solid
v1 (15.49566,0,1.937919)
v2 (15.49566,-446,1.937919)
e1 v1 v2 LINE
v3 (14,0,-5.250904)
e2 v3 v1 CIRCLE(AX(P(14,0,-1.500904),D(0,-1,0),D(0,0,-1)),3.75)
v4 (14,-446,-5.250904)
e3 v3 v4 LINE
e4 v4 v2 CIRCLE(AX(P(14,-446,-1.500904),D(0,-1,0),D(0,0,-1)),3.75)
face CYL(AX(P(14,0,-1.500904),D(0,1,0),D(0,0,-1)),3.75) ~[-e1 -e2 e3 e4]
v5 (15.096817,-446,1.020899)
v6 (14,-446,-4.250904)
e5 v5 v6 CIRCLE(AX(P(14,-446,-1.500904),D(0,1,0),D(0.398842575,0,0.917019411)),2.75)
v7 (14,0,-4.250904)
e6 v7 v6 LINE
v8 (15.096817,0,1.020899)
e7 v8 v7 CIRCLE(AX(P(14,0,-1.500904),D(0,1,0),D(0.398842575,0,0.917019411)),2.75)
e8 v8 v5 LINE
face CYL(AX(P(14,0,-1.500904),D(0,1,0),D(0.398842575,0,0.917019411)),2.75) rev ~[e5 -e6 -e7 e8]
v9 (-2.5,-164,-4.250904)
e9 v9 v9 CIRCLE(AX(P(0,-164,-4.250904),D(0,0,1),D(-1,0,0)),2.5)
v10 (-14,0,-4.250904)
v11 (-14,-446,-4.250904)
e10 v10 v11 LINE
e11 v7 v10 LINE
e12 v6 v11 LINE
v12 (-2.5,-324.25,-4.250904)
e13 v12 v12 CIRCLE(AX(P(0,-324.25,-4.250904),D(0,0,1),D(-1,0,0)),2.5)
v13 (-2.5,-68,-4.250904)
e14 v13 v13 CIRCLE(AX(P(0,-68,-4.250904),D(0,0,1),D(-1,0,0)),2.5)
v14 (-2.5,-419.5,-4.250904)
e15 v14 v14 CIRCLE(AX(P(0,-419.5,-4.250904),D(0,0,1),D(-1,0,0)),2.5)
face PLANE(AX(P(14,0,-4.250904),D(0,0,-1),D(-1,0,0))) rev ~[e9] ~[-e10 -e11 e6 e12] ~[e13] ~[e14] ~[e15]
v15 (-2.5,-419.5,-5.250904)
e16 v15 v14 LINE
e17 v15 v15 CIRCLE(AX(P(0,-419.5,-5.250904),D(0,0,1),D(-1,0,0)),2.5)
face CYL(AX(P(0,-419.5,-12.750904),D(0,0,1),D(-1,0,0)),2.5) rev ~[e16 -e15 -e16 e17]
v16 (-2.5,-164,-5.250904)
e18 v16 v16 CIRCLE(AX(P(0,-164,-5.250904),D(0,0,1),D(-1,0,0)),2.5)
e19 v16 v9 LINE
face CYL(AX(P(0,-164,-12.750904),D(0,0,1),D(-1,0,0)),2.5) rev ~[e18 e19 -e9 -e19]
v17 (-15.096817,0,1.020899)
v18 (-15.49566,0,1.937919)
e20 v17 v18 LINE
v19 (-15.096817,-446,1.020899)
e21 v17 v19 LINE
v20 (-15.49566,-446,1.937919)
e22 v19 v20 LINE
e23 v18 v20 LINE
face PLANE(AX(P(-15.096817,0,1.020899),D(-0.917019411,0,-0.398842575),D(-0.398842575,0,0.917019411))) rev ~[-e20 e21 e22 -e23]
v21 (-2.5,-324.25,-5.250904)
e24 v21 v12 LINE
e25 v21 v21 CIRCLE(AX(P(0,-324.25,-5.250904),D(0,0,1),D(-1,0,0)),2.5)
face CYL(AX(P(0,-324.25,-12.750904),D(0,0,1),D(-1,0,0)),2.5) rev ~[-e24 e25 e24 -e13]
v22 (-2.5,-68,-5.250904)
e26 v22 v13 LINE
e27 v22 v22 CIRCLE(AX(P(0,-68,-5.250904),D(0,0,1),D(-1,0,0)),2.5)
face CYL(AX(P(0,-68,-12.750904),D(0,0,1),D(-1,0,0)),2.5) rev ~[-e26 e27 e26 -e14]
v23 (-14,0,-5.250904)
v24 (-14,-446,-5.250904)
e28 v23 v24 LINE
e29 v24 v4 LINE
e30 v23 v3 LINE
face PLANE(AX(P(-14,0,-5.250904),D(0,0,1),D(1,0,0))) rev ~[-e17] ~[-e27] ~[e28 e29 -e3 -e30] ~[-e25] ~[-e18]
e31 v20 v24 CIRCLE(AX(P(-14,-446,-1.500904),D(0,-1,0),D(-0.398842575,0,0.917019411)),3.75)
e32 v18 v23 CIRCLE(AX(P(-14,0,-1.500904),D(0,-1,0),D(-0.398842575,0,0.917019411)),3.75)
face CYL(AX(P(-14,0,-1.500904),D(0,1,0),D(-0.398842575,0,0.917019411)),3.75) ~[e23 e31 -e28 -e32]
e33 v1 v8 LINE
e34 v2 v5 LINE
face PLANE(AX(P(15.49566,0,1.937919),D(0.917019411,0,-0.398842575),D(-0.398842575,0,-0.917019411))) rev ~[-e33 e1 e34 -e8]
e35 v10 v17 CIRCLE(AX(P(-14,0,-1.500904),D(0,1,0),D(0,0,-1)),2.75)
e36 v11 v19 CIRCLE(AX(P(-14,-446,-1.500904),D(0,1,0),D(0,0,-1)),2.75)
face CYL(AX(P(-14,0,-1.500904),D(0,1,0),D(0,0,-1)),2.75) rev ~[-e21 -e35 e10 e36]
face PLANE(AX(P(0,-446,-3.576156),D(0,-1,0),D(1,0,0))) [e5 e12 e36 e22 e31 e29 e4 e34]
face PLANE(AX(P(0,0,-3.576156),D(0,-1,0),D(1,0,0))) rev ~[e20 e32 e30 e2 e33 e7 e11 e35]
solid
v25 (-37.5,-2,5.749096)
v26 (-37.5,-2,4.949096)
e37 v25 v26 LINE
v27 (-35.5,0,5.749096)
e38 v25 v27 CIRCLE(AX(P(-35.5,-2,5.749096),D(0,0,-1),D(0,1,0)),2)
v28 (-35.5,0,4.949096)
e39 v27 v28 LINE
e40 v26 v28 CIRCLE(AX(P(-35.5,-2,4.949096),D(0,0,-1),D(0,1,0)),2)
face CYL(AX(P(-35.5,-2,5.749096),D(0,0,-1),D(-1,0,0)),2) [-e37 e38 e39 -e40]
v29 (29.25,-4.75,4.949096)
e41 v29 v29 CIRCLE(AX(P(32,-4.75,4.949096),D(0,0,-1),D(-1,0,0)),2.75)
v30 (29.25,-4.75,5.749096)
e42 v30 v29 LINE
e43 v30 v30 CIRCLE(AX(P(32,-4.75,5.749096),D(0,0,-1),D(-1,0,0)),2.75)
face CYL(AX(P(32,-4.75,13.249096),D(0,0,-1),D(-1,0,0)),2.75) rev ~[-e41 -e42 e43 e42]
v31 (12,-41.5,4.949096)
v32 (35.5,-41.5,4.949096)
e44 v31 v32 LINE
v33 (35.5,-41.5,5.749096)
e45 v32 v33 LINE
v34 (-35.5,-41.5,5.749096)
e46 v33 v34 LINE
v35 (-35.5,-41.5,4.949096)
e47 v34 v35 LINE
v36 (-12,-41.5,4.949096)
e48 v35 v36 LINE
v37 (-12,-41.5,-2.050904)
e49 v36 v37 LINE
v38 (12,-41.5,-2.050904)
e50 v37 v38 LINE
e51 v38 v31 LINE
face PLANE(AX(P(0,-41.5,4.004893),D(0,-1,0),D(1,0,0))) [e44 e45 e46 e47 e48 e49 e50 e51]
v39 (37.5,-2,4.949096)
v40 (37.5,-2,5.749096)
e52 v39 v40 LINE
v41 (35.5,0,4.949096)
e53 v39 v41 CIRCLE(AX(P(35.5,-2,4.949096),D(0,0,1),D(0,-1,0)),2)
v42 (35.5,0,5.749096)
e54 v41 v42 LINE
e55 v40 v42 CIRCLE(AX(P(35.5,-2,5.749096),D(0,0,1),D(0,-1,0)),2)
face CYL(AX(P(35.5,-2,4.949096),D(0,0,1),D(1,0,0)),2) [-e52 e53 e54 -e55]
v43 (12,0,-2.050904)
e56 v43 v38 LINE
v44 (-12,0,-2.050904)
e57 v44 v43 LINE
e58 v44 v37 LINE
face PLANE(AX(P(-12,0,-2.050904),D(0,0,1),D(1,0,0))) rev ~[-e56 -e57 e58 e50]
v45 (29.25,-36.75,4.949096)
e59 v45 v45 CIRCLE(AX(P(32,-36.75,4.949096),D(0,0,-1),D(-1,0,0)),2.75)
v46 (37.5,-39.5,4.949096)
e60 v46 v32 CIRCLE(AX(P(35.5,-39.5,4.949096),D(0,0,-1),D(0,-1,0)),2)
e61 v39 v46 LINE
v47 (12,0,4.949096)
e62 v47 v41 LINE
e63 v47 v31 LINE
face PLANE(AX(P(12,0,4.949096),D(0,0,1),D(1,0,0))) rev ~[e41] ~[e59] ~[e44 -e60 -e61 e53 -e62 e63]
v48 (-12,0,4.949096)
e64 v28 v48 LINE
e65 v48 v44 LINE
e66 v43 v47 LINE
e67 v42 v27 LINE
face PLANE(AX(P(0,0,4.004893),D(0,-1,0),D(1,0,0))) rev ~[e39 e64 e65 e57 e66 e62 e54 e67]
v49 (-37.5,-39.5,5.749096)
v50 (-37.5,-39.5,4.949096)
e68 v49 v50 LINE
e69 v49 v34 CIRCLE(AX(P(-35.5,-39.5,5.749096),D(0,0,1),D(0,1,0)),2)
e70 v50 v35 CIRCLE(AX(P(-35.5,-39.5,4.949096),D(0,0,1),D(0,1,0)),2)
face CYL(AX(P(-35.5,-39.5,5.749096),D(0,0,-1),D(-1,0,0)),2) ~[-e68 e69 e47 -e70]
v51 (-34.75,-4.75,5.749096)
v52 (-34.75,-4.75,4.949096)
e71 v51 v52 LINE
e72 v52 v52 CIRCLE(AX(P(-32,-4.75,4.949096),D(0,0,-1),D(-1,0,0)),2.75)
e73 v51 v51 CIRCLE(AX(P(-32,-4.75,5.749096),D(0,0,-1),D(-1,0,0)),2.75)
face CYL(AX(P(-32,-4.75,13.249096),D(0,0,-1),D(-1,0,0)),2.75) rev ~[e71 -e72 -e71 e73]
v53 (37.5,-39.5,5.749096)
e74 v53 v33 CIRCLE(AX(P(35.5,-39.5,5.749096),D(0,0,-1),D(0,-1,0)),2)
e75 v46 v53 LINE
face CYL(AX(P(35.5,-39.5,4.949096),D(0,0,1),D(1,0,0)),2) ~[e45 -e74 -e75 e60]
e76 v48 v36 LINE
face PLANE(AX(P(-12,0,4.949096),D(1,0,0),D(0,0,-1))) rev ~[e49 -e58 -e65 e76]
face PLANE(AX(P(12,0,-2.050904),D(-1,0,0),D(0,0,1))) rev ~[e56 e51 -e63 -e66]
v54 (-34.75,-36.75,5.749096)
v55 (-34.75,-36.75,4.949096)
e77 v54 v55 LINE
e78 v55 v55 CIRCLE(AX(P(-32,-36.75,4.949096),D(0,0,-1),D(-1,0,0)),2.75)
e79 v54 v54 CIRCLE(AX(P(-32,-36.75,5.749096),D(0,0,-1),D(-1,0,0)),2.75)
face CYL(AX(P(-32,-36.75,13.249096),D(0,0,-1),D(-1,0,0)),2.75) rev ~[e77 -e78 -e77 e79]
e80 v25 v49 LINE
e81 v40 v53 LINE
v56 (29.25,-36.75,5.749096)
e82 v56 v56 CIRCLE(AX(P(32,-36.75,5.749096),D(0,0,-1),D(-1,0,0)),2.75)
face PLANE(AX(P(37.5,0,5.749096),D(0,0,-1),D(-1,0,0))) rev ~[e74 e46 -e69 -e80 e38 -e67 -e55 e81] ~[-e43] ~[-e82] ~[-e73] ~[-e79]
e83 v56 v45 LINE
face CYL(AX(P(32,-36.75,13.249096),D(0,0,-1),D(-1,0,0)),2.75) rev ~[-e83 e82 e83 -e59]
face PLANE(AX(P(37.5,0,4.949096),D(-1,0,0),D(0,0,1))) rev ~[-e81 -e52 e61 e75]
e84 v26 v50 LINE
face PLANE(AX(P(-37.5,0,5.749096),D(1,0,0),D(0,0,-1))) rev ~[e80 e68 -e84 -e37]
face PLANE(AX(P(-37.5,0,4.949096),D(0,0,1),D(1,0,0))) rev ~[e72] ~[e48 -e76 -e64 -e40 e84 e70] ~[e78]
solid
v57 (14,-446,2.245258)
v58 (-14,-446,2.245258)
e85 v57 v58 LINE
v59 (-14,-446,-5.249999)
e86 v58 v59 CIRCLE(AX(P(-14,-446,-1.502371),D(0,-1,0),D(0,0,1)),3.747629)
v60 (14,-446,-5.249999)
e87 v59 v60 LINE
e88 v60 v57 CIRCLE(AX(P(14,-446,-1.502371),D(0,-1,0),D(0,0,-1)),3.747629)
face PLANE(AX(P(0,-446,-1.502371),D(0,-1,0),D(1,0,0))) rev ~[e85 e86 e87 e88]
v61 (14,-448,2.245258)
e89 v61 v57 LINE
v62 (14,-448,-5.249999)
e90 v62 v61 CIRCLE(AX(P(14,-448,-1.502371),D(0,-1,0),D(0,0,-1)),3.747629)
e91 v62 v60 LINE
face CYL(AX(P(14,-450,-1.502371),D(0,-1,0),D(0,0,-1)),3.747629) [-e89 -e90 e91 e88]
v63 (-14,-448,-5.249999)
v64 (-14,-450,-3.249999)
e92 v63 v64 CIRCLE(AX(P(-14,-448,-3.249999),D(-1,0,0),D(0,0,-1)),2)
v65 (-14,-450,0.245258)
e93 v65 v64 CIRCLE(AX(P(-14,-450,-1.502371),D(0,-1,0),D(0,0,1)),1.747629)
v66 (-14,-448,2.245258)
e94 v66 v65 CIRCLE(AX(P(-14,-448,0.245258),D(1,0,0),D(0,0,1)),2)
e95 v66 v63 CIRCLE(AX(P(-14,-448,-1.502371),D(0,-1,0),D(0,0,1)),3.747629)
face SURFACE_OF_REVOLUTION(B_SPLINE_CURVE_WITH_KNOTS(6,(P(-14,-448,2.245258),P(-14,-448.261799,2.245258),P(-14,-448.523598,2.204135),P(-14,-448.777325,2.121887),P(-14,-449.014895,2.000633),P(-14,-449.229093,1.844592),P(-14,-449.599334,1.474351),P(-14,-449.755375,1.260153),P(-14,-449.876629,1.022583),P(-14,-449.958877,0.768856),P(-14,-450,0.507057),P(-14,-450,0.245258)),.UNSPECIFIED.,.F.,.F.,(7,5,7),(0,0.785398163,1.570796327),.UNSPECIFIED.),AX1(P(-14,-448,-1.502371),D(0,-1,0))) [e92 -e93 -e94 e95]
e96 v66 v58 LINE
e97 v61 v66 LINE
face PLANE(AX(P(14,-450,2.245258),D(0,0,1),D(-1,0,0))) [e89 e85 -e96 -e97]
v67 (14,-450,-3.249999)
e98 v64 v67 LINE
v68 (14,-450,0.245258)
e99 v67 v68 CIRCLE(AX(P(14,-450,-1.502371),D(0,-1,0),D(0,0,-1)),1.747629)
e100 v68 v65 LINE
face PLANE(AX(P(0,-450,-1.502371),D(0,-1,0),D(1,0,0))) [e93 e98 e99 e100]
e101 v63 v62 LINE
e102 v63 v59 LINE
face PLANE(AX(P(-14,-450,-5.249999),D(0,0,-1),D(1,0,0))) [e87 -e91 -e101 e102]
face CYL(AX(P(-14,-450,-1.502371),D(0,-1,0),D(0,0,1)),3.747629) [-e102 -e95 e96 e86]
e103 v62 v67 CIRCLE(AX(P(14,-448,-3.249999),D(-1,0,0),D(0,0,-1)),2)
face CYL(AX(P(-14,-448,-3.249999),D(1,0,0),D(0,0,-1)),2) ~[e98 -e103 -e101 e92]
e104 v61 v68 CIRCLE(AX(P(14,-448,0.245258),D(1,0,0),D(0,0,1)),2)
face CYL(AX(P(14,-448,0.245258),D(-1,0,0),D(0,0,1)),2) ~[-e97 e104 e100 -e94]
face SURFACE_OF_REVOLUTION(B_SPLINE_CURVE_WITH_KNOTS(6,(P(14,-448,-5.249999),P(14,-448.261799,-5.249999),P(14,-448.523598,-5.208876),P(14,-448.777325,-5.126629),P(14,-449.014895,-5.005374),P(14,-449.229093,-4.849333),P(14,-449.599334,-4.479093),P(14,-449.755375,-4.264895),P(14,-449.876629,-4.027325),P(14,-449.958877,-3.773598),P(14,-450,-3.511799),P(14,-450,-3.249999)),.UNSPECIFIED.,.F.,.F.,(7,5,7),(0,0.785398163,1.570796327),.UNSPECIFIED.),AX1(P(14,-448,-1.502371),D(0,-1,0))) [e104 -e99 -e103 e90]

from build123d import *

# Parameters (mm, degrees)
F2_DEPTH  = 41.5
F3_R      = 2
F4_DEPTH  = 446
F7_D      = 5.5
F7_DEPTH  = 7.5
F7_TIP    = 1.6523667023
F8_D      = 5
F8_DEPTH  = 7.5
F8_TIP    = 1.5021515476
F10_DEPTH = 4
F12_R     = 2


with BuildPart() as f2:
    # F1 (on Front) → F2 (new body)
    with BuildSketch(Plane.XZ):
        Polygon((0, 5.749096056), (-37.5, 5.749096056), (-37.5, 4.949096056), (-12, 4.949096056), (-12, -2.050903944), (0, -2.050903944), (12, -2.050903944), (12, 4.949096056), (37.5, 4.949096056), (37.5, 5.749096056), align=None)
    extrude(amount=F2_DEPTH)

    # F3
    f3_edges = [f2.edges().sort_by_distance(p)[0] for p in [
        (37.5, 0, 5.349096),
        (-37.5, 0, 5.349096),
        (-37.5, -41.5, 5.349096),
        (37.5, -41.5, 5.349096),
    ]]
    fillet(f3_edges, radius=F3_R)

    # F7
    with Locations(Plane.XY.offset(5.749096056)):
        with Locations((-32, -4.75), (-32, -36.75), (32, -36.75), (32, -4.75)):
            Hole(F7_D / 2, depth=F7_DEPTH)
            with Locations((0, 0, -(F7_DEPTH + F7_TIP / 2))):  # 118° drill point
                Cone(0, F7_D / 2, F7_TIP, mode=Mode.SUBTRACT)


with BuildPart() as f4:
    # F0 (on Front) → F4 (new body)
    with BuildSketch(Plane.XZ):
        with BuildLine():
            Line((-14, -5.250903944), (0, -5.250903944))
            Line((0, -5.250903944), (14, -5.250903944))
            ThreePointArc((14, -5.250903944), (17.6713815838, -2.2647476886), (15.4956596571, 1.9379188474))
            Line((15.4956596571, 1.9379188474), (15.0968170818, 1.0208994364))
            ThreePointArc((15.0968170818, 1.0208994364), (16.6923464948, -2.0610560234), (14, -4.250903944))
            Line((14, -4.250903944), (-14, -4.250903944))
            ThreePointArc((-14, -4.250903944), (-16.6923464948, -2.0610560234), (-15.0968170818, 1.0208994364))
            Line((-15.0968170818, 1.0208994364), (-15.4956596571, 1.9379188474))
            ThreePointArc((-15.4956596571, 1.9379188474), (-17.6713815838, -2.2647476886), (-14, -5.250903944))
        make_face()
    extrude(amount=F4_DEPTH)

    # F8
    with Locations(Plane(origin=(0, 0, -5.250903944), x_dir=(1, 0, 0), z_dir=(0, 0, -1))):
        with Locations((0, 68), (0, 164), (0, 419.5), (0, 324.25)):
            Hole(F8_D / 2, depth=F8_DEPTH)
            with Locations((0, 0, -(F8_DEPTH + F8_TIP / 2))):  # 118° drill point
                Cone(0, F8_D / 2, F8_TIP, mode=Mode.SUBTRACT)


with BuildPart() as f10:
    # F9 (on Front) → F10 (new body)
    with BuildSketch(Plane.XZ):
        with BuildLine():
            ThreePointArc((-14.0000004321, 2.2452578414), (-17.7476290846, -1.5023708111), (-14.0000004321, -5.2499994636))
            Line((-14.0000004321, -5.2499994636), (13.9999995679, -5.2499994636))
            ThreePointArc((13.9999995679, -5.2499994636), (17.7476282204, -1.5023708111), (13.9999995679, 2.2452578414))
            Line((13.9999995679, 2.2452578414), (-14.0000004321, 2.2452578414))
        make_face()
    extrude(amount=-F10_DEPTH)


with BuildPart() as f10_1:
    # F11: moved
    add(f10.part.moved(Location((0, -450, 0))))

    # F12
    f12_edges = [f10_1.edges().sort_by_distance(p)[0] for p in [
        (-17.747629, -450, -1.502371),
        (0, -450, -5.249999),
        (17.747628, -450, -1.502371),
        (0, -450, 2.245258),
    ]]
    fillet(f12_edges, radius=F12_R)


solid = Compound([f2.part, f4.part, f10_1.part])
